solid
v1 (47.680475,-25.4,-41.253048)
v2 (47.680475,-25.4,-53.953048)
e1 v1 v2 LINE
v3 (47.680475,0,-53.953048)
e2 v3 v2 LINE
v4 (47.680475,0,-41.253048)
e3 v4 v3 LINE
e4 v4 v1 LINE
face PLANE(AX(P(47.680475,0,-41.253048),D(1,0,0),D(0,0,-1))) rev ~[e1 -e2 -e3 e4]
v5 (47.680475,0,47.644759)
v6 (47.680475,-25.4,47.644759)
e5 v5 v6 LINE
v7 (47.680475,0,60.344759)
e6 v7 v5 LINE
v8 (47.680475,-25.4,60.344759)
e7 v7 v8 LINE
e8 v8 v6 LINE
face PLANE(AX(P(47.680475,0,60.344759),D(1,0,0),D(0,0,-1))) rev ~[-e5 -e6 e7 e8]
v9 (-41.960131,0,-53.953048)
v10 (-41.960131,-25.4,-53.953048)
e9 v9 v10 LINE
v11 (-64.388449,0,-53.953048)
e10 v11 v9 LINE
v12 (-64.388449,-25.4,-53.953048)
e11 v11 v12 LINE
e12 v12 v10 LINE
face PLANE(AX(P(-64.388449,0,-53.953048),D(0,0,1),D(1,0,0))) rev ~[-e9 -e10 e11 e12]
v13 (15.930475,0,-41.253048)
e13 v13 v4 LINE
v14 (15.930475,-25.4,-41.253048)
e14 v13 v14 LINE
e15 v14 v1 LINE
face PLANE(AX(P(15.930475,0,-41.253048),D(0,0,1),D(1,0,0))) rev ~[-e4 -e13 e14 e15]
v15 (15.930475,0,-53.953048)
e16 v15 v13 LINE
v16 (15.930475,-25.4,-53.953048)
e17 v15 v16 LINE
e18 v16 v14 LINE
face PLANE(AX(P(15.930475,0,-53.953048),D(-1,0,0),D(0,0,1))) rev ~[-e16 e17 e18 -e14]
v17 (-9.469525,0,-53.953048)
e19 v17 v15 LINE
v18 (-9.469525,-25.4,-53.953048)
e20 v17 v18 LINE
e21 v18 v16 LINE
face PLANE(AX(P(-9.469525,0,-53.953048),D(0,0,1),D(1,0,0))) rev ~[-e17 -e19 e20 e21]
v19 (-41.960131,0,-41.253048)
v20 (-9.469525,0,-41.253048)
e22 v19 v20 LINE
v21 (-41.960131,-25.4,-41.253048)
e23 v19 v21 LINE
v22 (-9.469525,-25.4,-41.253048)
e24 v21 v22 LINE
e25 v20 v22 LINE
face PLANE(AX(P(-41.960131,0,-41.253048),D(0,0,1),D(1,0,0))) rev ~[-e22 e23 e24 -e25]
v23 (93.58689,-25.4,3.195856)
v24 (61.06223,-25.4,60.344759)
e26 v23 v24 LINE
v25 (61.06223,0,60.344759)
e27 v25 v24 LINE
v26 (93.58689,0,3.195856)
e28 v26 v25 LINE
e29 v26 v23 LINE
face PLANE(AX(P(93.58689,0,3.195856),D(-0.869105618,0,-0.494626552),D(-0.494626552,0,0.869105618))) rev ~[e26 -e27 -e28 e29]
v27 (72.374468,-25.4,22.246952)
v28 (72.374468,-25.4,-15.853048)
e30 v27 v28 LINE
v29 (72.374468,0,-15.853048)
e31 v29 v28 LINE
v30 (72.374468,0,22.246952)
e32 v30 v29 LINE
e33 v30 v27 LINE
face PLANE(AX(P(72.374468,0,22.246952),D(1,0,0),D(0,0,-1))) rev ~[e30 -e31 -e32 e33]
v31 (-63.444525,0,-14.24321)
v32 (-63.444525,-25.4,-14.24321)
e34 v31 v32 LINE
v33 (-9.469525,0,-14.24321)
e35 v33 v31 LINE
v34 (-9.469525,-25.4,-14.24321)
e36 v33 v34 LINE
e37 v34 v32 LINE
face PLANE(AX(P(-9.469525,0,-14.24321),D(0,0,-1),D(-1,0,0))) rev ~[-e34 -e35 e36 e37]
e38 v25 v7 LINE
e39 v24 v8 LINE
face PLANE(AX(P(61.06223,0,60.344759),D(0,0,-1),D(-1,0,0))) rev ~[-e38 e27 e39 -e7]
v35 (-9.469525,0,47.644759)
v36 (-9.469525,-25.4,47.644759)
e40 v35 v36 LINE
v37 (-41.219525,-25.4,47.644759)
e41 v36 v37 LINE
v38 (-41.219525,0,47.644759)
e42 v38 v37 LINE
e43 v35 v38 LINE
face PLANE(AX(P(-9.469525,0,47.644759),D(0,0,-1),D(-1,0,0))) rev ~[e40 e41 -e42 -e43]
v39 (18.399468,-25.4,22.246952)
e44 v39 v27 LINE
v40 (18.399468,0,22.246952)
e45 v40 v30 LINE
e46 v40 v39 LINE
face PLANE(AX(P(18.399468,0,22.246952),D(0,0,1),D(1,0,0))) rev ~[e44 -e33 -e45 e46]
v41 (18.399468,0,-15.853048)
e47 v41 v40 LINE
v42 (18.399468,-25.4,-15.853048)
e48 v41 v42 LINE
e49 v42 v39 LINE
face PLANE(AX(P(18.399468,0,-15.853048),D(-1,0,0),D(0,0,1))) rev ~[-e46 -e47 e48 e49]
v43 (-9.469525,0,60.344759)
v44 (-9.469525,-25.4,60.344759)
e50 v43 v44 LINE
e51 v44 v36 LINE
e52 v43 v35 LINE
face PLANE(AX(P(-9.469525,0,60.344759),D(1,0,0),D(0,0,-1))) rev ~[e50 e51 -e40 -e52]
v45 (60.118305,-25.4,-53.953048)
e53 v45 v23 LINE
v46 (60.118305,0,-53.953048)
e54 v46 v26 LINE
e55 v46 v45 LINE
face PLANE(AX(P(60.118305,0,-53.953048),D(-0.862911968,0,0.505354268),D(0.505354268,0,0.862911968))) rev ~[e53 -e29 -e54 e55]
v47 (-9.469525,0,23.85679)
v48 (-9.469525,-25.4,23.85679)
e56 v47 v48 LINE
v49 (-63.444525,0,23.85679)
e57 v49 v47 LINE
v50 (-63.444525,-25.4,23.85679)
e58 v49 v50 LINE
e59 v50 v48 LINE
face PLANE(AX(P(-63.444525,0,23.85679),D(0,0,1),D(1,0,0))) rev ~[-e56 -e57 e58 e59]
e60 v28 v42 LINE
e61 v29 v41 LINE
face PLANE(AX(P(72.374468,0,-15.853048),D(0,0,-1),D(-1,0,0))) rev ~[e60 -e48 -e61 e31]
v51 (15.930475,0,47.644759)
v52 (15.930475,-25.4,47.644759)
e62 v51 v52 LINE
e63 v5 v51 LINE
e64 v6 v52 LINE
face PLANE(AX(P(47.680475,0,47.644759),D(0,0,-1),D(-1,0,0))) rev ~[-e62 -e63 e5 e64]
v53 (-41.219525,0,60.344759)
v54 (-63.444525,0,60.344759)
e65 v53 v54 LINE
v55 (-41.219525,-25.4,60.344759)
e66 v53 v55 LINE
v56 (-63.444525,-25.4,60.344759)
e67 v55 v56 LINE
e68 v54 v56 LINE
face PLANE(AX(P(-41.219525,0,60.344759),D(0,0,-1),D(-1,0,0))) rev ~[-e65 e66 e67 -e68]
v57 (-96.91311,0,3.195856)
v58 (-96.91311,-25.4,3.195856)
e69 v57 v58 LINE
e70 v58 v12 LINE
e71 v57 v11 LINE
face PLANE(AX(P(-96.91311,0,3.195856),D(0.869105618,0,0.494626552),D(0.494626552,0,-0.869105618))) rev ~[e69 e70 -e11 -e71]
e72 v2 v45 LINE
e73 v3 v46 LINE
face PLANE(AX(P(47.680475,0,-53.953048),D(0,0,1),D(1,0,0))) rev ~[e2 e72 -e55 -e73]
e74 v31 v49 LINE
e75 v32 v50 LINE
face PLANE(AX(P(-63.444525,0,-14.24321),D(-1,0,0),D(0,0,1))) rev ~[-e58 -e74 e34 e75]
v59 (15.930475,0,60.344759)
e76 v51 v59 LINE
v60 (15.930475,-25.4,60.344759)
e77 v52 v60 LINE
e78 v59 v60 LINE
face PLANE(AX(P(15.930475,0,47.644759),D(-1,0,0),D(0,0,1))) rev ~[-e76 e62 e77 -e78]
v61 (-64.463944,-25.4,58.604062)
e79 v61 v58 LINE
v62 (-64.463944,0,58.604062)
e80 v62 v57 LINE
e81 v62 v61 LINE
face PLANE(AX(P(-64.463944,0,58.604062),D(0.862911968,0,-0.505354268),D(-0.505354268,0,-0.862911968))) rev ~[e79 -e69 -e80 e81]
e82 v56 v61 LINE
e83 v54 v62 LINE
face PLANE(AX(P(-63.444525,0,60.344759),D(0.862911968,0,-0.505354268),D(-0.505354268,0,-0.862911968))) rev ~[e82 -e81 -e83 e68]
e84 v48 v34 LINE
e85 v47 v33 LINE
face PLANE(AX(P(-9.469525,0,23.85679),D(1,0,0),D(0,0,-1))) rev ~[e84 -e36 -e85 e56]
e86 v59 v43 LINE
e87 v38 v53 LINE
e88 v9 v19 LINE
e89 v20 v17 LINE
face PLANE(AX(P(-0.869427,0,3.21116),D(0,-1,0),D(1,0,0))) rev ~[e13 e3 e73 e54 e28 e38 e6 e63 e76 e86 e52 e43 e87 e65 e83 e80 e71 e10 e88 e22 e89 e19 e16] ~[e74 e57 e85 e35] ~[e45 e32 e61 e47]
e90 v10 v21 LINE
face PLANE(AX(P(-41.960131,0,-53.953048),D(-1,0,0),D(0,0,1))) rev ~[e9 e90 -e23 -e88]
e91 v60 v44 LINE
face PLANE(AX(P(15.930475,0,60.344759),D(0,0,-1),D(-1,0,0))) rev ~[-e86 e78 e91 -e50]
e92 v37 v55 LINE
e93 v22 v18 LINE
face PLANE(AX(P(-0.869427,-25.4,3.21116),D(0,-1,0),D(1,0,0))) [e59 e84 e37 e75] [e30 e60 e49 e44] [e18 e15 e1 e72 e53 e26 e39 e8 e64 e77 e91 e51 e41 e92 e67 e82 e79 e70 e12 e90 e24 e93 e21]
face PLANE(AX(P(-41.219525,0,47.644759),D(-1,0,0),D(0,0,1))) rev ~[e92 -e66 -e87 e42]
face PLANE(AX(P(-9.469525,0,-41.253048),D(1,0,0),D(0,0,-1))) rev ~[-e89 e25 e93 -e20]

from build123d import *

# Parameters (mm, degrees)
F1_DEPTH = 25.4


with BuildPart() as f1:
    # F0 (on Front) → F1 (new body)
    with BuildSketch(Plane.XZ):
        Polygon((-41.2195250034, 60.3447593749), (-63.4445250034, 60.3447593749), (-64.4639437478, 58.6040624199), (-96.9131098717, 3.1958555594), (-64.3884492879, -53.953048256), (-41.960131377, -53.953048256), (-41.960131377, -41.253048256), (-9.4695250034, -41.253048256), (-9.4695250034, -53.953048256), (15.9304749966, -53.953048256), (15.9304749966, -41.253048256), (47.6804749966, -41.253048256), (47.6804749966, -53.953048256), (60.11830526, -53.953048256), (93.5868901283, 3.1958555594), (61.0622295445, 60.3447593749), (47.6804749966, 60.3447593749), (47.6804749966, 47.6447593749), (15.9304749966, 47.6447593749), (15.9304749966, 60.3447593749), (-9.4695250034, 60.3447593749), (-9.4695250034, 47.6447593749), (-41.2195250034, 47.6447593749), align=None)
        Polygon((-53.7397041917, 23.8567902654), (-9.4695250034, 23.8567902654), (-9.4695250034, -14.2432097346), (-63.4445250034, -14.2432097346), (-63.4445250034, 23.8567902654), align=None, mode=Mode.SUBTRACT)
        Polygon((18.3994676918, -15.853048256), (18.3994676918, 22.246951744), (56.8952597678, 22.246951744), (72.3744676918, 22.246951744), (72.3744676918, -15.853048256), align=None, mode=Mode.SUBTRACT)
    extrude(amount=F1_DEPTH)


solid = f1.part
